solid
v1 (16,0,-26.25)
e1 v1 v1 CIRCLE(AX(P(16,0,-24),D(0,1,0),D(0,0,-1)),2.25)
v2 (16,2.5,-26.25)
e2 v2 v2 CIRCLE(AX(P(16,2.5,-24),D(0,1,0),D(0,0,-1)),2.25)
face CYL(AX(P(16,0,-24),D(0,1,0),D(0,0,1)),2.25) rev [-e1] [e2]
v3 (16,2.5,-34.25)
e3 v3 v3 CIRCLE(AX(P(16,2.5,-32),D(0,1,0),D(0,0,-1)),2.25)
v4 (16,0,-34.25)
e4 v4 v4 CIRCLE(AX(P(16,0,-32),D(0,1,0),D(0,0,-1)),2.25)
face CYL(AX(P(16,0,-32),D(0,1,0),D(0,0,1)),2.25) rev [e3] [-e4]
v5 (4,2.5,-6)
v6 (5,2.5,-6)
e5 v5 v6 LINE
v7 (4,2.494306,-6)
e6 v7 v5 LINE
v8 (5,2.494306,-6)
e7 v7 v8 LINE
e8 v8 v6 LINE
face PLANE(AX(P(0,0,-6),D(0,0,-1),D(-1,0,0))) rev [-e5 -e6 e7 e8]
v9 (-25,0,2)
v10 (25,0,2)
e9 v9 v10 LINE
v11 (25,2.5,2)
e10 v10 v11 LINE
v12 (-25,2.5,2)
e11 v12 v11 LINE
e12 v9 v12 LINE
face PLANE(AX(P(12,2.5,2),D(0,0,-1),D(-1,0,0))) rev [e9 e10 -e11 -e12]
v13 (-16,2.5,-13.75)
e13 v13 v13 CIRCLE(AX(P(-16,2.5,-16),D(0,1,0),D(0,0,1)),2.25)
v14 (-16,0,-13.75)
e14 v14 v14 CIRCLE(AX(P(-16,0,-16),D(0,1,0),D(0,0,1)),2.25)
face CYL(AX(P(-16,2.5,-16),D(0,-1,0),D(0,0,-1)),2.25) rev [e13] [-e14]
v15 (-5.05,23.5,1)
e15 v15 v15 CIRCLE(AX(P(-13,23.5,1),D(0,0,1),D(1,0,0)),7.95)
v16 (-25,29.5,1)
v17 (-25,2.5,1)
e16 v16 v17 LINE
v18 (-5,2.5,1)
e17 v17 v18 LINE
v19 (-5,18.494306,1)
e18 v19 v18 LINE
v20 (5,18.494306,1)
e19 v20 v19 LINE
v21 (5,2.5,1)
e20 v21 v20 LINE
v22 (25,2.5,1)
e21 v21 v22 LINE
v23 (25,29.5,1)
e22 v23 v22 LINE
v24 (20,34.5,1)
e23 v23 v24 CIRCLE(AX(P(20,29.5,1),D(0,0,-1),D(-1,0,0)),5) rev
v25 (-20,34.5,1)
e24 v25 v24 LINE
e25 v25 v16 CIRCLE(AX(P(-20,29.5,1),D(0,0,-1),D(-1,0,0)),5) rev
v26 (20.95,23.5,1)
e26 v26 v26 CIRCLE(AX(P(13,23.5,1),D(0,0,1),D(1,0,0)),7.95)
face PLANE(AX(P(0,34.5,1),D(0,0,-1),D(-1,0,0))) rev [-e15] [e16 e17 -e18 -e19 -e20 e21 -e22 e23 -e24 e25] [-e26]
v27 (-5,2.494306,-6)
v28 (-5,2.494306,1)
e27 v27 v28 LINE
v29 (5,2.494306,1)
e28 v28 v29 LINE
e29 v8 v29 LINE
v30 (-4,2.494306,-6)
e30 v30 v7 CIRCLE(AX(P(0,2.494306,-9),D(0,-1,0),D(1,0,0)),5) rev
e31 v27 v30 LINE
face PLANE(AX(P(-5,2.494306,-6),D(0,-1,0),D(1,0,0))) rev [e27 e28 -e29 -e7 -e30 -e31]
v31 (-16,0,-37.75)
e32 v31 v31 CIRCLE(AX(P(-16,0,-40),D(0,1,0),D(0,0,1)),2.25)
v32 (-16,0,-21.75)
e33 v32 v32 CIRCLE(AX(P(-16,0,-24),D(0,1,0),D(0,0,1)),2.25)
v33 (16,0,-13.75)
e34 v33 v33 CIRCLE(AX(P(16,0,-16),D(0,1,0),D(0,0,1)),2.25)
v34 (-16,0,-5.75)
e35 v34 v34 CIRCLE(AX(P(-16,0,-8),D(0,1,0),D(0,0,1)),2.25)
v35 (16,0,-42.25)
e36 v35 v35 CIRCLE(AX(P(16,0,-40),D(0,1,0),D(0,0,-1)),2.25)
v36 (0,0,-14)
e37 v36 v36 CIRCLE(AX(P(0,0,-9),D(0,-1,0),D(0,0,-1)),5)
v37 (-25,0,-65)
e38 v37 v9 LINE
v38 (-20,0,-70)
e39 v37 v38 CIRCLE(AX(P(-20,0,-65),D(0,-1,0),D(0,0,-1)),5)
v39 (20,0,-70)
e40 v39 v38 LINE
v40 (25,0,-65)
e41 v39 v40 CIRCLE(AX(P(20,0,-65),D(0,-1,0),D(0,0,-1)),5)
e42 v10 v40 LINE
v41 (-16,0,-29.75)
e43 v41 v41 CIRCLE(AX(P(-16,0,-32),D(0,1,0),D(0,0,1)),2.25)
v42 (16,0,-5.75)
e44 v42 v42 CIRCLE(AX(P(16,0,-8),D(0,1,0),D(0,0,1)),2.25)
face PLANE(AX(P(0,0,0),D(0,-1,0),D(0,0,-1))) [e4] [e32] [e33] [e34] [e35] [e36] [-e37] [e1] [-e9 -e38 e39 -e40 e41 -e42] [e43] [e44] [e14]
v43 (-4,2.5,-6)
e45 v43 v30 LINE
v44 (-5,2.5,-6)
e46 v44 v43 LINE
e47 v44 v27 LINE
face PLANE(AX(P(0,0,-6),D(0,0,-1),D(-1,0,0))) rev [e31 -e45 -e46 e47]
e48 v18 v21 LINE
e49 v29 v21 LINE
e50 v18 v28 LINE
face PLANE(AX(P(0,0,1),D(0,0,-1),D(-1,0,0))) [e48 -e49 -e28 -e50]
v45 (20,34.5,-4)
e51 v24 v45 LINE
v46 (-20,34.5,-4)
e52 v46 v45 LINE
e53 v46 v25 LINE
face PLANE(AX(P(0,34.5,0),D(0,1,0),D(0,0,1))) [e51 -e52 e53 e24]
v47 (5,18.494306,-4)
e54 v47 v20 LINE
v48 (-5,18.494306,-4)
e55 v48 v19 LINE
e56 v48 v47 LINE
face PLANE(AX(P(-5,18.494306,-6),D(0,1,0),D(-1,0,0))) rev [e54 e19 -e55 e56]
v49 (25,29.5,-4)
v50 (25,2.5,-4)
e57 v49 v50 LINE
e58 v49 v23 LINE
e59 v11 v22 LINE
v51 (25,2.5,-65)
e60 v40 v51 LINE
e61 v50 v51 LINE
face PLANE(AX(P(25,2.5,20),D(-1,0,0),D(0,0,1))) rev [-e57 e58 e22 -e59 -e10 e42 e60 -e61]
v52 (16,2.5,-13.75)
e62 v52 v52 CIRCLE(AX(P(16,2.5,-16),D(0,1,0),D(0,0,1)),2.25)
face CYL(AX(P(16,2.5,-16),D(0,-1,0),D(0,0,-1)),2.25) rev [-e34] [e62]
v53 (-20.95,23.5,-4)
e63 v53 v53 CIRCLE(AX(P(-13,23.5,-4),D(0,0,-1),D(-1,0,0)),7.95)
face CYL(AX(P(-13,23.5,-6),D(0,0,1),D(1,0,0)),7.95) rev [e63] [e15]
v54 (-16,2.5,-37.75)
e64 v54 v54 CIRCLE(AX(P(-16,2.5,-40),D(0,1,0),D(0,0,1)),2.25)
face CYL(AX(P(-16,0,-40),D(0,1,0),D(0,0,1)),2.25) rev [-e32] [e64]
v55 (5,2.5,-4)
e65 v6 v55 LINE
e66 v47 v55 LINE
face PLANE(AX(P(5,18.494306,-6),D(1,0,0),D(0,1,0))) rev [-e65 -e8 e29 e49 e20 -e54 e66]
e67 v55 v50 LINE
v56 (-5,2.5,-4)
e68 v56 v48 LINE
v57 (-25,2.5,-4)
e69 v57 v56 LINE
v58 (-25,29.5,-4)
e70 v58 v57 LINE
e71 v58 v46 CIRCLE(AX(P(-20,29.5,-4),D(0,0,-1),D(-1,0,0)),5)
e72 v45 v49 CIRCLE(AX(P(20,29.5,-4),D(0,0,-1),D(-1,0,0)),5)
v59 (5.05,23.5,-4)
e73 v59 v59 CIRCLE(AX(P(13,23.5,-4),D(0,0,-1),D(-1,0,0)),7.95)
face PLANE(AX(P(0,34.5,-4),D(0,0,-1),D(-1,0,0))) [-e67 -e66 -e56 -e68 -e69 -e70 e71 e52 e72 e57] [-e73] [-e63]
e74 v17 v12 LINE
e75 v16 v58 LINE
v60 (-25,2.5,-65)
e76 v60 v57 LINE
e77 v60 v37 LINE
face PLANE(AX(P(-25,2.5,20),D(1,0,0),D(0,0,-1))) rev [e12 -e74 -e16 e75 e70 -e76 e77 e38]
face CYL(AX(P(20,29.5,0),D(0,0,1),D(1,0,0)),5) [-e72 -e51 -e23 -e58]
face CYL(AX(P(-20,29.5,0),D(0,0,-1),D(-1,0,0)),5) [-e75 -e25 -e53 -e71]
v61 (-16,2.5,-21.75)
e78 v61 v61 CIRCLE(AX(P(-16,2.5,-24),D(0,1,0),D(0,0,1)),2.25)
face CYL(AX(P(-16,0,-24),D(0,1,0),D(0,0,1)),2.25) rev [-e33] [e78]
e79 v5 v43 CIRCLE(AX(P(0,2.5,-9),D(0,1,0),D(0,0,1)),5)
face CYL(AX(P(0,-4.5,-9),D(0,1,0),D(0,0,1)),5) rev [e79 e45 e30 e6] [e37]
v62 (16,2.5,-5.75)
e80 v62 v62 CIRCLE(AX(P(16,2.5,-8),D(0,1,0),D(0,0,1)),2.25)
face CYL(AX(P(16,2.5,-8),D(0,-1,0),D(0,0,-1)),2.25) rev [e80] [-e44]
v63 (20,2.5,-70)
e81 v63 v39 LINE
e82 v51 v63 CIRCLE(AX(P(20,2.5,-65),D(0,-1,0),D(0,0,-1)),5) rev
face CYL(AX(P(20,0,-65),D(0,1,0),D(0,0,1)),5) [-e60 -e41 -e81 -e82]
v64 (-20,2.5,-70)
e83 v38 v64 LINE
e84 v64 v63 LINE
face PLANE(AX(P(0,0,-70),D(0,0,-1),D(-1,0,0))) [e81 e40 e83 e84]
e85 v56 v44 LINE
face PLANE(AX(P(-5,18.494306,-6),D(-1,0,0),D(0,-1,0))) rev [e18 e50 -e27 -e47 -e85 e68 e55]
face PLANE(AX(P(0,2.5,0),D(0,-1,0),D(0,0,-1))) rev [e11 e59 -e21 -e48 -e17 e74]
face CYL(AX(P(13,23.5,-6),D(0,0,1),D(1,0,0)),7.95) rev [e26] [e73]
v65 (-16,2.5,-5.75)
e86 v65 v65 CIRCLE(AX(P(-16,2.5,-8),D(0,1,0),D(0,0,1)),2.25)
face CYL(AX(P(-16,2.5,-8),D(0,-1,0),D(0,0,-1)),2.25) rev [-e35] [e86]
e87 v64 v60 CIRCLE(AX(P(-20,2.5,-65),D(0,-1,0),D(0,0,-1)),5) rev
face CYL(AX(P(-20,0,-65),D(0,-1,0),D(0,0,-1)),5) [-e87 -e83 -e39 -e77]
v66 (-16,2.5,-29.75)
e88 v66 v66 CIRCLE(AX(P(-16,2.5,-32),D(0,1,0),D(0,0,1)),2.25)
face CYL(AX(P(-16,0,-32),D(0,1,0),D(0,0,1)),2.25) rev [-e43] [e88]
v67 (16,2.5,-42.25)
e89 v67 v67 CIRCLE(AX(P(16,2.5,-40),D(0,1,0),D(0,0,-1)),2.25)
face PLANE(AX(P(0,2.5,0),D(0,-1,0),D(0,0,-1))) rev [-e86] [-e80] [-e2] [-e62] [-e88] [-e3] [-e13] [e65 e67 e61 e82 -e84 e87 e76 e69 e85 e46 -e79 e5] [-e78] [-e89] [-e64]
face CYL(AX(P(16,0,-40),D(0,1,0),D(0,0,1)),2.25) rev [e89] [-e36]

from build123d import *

# Parameters (mm, degrees)
SKETCH1_R           = 2.25
BOSS_EXTRUDE1_DEPTH = 2.5
SKETCH3_W           = 50
SKETCH3_H           = 5
BOSS_EXTRUDE2_DEPTH = 32
SKETCH7_R           = 5
CUT_EXTRUDE3_DEPTH  = 7
SKETCH5_R           = 7.95
SKETCH5_W           = 10
SKETCH5_H           = 16
CUT_EXTRUDE1_DEPTH  = 7
SKETCH8_W           = 50
SKETCH8_H           = 18
CUT_EXTRUDE4_DEPTH  = 46.265881191
SKETCH9_W           = 50
SKETCH9_H           = 2.5
BOSS_EXTRUDE3_DEPTH = 50
SKETCH10_R          = 2.25
CUT_EXTRUDE5_DEPTH  = 81.925892025
FILLET1_R           = 5


with BuildPart() as part:
    # Sketch1 → Boss-Extrude1 (new body)
    with BuildSketch(Plane(origin=(0, 0, 0), x_dir=(1, 0, 0), z_dir=(0, 1, 0))):
        Polygon((-12, -20), (12, -20), (12, -2), (16, -2), (16, -20), (25, -20), (25, 20), (-25, 20), (-25, -20), (-16, -20), (-16, -2), (-12, -2), align=None)
        with Locations(Location((-16, 16, 0), (0, 0, 270))):
            Circle(SKETCH1_R, mode=Mode.SUBTRACT)
        with Locations(Location((-16, 8, 0), (0, 0, 270))):
            Circle(SKETCH1_R, mode=Mode.SUBTRACT)
        with Locations(Location((16, 16, 0), (0, 0, 270))):
            Circle(SKETCH1_R, mode=Mode.SUBTRACT)
        with Locations(Location((16, 8, 0), (0, 0, 270))):
            Circle(SKETCH1_R, mode=Mode.SUBTRACT)
    extrude(amount=BOSS_EXTRUDE1_DEPTH)

    # Sketch3 → Boss-Extrude2 (add)
    with BuildSketch(Plane(origin=(0, 2.5, 0), x_dir=(1, 0, 0), z_dir=(0, 1, 0))):
        with Locations((0, 1.5)):
            Rectangle(SKETCH3_W, SKETCH3_H)
    extrude(amount=BOSS_EXTRUDE2_DEPTH)

    # Sketch7 → Cut-Extrude3 (cut)
    with BuildSketch(Plane(origin=(0, 2.5, 0), x_dir=(1, 0, 0), z_dir=(0, 1, 0))):
        with Locations(Location((0, 9, 0), (0, 0, 270))):
            Circle(SKETCH7_R)
    extrude(amount=-CUT_EXTRUDE3_DEPTH, mode=Mode.SUBTRACT)

    # Sketch5 → Cut-Extrude1 (cut)
    with BuildSketch(Plane.XY.offset(1)):
        with Locations((-13, 23.5)):
            Circle(SKETCH5_R)
        with Locations((13, 23.5)):
            Circle(SKETCH5_R)
        with Locations((0, 10.494306312)):
            Rectangle(SKETCH5_W, SKETCH5_H)
    extrude(amount=-CUT_EXTRUDE1_DEPTH, mode=Mode.SUBTRACT)

    # Sketch8 → Cut-Extrude4 (cut, through all)
    with BuildSketch(Plane(origin=(0, 2.5, 0), x_dir=(1, 0, 0), z_dir=(0, 1, 0))):
        with Locations((0, -11)):
            Rectangle(SKETCH8_W, SKETCH8_H)
    extrude(amount=-CUT_EXTRUDE4_DEPTH, mode=Mode.SUBTRACT)

    # Sketch9 → Boss-Extrude3 (add)
    with BuildSketch(Plane(origin=(0, 0, -20), x_dir=(-1, 0, 0), z_dir=(0, 0, -1))):
        with Locations((0, 1.25)):
            Rectangle(SKETCH9_W, SKETCH9_H)
    extrude(amount=BOSS_EXTRUDE3_DEPTH)

    # Sketch10 → Cut-Extrude5 (cut, through all)
    with BuildSketch(Plane(origin=(0, 2.5, 0), x_dir=(1, 0, 0), z_dir=(0, 1, 0))):
        with Locations(Location((-16, 16, 0), (0, 0, 270))):
            Circle(SKETCH10_R)
        with Locations(Location((-16, 24, 0), (0, 0, 270))):
            Circle(SKETCH10_R)
        with Locations(Location((-16, 32, 0), (0, 0, 270))):
            Circle(SKETCH10_R)
        with Locations(Location((-16, 40, 0), (0, 0, 270))):
            Circle(SKETCH10_R)
        with Locations(Location((16, 40, 0), (0, 0, 90))):
            Circle(SKETCH10_R)
        with Locations(Location((16, 32, 0), (0, 0, 90))):
            Circle(SKETCH10_R)
        with Locations(Location((16, 24, 0), (0, 0, 90))):
            Circle(SKETCH10_R)
    extrude(amount=-CUT_EXTRUDE5_DEPTH, mode=Mode.SUBTRACT)

    # Fillet1
    fillet1_edges = [part.edges().sort_by_distance(p)[0] for p in [
        (25, 1.25, -70),
        (-25, 1.25, -70),
        (-25, 34.5, -1.5),
        (25, 34.5, -1.5),
    ]]
    fillet(fillet1_edges, radius=FILLET1_R)


solid = part.part
